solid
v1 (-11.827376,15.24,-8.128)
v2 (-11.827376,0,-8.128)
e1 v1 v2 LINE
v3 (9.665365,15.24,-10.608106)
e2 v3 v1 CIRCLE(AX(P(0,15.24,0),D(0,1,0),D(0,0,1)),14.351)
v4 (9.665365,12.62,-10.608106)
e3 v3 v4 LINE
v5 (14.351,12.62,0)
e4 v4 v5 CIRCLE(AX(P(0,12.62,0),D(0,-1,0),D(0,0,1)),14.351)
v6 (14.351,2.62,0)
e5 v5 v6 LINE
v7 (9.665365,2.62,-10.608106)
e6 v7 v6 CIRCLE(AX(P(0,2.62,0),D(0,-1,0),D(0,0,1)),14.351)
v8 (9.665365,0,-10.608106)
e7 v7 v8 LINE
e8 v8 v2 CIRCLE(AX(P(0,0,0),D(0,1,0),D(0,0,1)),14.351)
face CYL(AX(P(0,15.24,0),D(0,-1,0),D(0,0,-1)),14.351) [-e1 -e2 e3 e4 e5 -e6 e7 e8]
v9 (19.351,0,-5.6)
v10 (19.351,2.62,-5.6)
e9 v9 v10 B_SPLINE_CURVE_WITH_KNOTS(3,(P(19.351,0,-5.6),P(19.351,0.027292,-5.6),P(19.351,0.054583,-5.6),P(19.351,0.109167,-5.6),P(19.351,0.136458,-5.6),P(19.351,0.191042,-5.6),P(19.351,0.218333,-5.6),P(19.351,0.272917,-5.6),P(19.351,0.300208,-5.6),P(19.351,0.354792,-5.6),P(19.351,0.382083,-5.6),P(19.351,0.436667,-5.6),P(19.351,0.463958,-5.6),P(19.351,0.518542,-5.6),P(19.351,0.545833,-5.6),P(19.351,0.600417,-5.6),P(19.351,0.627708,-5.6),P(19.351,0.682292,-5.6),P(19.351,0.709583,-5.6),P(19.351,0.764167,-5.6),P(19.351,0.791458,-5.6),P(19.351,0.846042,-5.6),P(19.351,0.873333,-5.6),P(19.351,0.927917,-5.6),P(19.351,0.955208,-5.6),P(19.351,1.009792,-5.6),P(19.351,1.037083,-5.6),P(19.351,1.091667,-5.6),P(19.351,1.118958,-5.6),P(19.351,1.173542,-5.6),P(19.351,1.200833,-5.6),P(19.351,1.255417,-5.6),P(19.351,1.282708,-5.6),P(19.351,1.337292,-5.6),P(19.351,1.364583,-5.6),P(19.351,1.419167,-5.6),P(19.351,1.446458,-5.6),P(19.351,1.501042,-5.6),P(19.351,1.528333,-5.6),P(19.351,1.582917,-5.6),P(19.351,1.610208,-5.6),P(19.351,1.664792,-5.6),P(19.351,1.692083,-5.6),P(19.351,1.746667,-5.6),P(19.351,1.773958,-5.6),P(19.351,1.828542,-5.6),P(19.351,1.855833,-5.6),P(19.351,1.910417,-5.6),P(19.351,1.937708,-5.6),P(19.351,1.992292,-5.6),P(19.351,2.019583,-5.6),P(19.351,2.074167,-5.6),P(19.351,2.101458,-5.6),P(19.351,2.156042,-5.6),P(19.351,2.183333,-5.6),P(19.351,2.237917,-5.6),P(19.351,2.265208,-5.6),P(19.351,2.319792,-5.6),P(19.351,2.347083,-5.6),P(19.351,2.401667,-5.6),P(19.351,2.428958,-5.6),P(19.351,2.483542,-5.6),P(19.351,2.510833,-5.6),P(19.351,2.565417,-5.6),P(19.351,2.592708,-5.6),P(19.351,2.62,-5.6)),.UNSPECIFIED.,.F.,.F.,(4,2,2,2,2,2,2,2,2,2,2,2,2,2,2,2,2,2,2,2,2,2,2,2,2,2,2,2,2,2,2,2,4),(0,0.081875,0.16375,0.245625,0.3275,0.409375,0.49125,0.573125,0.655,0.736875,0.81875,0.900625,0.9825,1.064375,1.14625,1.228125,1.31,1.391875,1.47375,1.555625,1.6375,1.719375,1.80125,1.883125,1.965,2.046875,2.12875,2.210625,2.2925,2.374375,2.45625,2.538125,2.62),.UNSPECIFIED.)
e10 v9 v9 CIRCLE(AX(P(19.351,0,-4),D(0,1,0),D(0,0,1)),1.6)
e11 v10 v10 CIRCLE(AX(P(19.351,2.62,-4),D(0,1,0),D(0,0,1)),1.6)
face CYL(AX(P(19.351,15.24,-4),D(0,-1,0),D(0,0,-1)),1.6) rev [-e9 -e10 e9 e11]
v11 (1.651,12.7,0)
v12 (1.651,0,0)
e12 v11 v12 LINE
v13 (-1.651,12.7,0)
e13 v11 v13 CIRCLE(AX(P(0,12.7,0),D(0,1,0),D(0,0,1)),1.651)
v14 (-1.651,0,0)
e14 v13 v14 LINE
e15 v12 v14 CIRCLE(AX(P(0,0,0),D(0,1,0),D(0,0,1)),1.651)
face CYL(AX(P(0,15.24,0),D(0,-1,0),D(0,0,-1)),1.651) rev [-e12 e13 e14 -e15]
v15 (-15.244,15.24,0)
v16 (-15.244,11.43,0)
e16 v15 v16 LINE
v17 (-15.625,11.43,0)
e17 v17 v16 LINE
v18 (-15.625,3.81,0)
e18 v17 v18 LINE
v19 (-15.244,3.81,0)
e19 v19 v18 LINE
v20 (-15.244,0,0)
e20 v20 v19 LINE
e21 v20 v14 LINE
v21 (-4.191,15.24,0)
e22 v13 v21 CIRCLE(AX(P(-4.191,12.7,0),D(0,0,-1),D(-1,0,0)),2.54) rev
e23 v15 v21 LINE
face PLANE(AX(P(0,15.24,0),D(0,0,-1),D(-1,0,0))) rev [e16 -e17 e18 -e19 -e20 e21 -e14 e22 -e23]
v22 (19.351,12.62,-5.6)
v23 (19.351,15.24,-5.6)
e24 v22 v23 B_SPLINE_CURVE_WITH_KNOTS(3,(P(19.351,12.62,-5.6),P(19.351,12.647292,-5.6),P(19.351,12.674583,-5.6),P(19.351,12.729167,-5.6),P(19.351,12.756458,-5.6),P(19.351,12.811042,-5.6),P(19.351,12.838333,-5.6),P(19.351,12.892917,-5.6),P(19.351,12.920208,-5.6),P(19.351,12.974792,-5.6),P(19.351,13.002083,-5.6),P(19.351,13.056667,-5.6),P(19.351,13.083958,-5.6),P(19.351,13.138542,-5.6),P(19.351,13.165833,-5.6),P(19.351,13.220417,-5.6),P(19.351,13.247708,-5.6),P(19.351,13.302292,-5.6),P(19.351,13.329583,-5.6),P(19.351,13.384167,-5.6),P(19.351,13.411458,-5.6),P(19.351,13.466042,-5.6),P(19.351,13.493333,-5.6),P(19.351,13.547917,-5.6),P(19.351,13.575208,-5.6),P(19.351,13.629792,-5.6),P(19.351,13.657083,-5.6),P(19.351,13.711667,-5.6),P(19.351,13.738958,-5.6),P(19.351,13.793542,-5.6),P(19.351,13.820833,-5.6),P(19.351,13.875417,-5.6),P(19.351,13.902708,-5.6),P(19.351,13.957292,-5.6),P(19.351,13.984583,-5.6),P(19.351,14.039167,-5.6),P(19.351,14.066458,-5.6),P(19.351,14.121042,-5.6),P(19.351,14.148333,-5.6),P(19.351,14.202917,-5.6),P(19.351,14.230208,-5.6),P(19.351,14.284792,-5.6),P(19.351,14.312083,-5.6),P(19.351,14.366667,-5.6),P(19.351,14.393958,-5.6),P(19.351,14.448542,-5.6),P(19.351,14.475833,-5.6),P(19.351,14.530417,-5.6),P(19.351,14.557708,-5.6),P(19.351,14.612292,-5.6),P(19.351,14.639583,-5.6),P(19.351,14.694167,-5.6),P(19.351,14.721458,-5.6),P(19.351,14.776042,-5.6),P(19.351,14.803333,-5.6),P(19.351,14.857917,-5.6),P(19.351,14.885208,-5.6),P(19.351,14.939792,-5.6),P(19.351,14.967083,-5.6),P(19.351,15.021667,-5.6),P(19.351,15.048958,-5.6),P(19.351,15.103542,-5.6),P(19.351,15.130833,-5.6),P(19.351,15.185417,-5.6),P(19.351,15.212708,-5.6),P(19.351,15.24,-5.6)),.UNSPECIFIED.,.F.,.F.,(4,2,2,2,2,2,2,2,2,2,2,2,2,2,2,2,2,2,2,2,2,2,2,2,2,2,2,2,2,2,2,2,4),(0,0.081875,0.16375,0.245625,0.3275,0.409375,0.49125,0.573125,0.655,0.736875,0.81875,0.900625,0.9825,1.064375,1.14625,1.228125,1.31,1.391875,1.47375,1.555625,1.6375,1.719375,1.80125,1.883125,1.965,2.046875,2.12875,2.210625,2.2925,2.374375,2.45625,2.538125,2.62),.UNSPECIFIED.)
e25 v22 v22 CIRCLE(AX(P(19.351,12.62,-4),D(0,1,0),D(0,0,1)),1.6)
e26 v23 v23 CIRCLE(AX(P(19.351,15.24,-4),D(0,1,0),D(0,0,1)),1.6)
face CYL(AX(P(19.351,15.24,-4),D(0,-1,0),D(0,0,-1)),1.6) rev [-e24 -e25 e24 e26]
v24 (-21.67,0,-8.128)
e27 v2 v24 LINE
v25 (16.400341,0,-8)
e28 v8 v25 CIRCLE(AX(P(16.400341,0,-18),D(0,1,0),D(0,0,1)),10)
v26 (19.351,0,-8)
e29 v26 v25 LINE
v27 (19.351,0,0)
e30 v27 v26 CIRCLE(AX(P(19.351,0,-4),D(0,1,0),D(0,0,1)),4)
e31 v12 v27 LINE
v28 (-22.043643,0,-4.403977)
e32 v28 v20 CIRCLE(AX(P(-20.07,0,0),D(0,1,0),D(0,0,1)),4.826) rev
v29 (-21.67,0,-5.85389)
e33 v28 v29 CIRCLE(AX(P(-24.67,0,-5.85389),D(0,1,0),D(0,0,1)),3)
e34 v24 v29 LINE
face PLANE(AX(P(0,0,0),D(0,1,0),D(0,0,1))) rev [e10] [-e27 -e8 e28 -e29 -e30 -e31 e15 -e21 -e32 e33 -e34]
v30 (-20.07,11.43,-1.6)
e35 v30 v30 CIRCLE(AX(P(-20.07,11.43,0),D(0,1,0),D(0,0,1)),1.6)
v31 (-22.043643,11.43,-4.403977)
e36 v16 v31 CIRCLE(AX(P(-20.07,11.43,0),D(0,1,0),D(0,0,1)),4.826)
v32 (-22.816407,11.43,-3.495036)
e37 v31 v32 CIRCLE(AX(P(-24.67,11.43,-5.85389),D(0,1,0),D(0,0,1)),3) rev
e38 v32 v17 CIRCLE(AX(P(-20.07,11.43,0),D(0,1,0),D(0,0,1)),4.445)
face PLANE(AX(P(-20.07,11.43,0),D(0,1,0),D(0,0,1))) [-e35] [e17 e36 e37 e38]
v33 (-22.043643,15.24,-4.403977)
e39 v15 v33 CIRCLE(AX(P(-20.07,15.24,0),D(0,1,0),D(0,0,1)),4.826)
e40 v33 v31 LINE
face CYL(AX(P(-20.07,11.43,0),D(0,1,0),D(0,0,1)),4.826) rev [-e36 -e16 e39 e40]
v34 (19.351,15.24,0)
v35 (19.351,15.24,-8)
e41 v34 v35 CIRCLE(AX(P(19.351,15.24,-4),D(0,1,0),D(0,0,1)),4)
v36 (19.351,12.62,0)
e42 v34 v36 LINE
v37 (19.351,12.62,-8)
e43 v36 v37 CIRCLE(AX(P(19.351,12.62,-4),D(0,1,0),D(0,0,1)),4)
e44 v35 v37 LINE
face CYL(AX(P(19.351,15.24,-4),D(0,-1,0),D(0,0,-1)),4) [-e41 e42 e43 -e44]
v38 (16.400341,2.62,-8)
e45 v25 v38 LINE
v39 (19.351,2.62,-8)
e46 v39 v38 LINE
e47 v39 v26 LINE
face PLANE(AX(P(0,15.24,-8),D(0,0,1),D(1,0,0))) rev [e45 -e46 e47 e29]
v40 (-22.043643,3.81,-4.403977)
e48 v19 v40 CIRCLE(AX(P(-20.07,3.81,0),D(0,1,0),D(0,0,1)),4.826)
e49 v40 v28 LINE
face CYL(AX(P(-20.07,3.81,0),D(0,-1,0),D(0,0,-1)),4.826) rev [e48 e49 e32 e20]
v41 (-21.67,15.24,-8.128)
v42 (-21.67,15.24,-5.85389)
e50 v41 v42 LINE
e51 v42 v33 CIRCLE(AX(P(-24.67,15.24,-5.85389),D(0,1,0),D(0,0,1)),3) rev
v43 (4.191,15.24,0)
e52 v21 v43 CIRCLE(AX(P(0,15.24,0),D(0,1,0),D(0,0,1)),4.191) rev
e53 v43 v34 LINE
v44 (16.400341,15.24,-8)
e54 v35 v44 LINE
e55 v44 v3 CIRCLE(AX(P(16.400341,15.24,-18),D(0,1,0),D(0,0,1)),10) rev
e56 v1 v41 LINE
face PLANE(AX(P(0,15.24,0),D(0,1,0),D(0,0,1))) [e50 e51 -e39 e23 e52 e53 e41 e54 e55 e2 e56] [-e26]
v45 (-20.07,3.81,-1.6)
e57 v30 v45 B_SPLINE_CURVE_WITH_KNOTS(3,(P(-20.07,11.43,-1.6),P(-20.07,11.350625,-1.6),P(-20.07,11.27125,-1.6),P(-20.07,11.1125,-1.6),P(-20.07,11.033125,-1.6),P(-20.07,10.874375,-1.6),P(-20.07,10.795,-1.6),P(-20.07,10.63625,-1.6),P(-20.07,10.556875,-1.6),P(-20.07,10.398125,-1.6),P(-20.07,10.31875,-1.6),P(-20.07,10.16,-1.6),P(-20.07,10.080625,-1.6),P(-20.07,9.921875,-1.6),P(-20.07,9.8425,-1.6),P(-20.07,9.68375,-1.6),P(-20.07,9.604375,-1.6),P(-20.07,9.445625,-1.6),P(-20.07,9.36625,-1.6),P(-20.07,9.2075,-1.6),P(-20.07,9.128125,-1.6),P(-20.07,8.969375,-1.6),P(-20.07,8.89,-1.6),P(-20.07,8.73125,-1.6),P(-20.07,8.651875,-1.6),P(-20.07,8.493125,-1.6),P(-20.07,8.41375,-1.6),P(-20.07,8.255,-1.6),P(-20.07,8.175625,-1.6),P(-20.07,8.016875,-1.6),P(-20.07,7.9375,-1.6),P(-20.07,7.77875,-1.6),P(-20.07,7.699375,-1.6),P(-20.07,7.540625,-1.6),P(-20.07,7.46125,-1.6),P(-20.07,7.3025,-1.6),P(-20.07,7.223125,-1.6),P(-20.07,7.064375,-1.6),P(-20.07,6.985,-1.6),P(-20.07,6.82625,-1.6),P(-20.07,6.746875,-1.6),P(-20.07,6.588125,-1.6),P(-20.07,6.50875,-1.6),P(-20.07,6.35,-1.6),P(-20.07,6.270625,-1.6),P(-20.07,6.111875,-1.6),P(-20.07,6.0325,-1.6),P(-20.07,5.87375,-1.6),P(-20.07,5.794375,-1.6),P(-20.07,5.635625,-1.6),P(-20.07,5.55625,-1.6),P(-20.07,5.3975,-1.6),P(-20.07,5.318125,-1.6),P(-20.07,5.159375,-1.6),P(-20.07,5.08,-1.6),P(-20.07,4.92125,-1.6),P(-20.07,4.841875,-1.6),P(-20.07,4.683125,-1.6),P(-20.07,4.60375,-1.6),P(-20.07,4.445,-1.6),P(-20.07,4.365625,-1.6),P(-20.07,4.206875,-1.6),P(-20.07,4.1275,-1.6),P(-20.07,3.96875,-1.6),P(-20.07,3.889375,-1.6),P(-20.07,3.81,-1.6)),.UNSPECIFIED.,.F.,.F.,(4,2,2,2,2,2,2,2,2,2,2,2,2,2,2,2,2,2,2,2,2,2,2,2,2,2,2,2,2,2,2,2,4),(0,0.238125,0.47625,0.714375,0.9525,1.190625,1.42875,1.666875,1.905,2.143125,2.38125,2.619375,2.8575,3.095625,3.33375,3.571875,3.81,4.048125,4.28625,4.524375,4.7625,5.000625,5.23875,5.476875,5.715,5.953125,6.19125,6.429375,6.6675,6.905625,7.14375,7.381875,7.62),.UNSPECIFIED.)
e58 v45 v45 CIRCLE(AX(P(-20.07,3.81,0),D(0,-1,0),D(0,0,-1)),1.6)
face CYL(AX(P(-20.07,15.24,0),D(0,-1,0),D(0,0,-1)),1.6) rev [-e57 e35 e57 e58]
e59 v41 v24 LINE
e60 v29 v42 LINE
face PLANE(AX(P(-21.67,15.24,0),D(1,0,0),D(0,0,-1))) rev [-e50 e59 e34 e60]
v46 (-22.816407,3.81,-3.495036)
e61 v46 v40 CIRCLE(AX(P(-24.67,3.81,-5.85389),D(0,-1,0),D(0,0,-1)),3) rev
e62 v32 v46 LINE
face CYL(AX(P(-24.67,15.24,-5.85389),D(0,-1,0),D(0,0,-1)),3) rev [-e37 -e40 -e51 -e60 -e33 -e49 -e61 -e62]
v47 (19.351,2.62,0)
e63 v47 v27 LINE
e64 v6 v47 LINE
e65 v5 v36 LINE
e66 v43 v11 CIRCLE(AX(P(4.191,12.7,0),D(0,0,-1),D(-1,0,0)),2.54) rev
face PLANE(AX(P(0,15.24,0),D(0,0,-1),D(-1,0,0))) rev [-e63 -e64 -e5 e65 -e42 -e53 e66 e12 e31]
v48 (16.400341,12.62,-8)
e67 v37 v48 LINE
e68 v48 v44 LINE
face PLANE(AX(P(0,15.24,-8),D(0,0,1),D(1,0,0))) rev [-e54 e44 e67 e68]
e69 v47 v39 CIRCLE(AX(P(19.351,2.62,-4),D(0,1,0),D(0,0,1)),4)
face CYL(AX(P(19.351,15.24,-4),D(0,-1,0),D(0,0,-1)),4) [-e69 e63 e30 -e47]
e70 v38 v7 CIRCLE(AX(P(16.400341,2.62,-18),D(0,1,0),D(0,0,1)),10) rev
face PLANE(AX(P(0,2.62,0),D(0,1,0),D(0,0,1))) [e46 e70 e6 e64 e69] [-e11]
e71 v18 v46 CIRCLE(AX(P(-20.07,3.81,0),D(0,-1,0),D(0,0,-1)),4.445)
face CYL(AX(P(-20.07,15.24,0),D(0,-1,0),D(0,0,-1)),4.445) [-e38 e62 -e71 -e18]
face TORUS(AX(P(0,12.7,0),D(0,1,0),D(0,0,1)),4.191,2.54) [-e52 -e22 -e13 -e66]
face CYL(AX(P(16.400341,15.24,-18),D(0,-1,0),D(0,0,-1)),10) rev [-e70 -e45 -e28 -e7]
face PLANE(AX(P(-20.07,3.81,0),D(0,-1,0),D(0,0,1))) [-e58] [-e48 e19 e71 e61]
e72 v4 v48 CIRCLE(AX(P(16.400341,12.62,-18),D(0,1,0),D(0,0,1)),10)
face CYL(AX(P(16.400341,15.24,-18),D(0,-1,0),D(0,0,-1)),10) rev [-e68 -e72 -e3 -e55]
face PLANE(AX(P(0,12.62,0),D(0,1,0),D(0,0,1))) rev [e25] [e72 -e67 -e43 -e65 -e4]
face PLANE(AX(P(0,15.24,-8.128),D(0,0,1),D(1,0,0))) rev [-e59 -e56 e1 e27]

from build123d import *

# Parameters (mm, degrees)
SKETCH1_R               = 1.6000000000000016
SKETCH1_R_2             = 1.6000000000000019
BOSS_EXTRUDE1_DEPTH     = 15.239999999999998
SKETCH2_R               = 4.8260000000000005
CUT_EXTRUDE1_DEPTH      = 3.8099999999999996
FILLET2_R               = 2.54
FILLET3_R               = 3
CUT_EXTRUDE2_DEPTH      = 5
CUT_EXTRUDE2_DEPTH_BACK = 5
FILLET4_R               = 10


with BuildPart() as part:
    # Sketch1 → Boss-Extrude1 (new body)
    with BuildSketch(Plane(origin=(0, 0, 0), x_dir=(1, 0, 0), z_dir=(0, 1, 0))):
        with BuildLine():
            ThreePointArc((11.827375744432914, 8.128), (0, 14.350999999999997), (-11.827375744432915, 8.128))
            Line((-11.827375744432912, 8.128), (-21.67, 8.127999999999998))
            Line((-21.67, 8.127999999999998), (-21.67, 4.147050156436499))
            ThreePointArc((-21.67, 4.1470501564365), (-22.584560100693558, -3.665380266766329), (-15.625, 2.9e-16))
            Line((-15.625, 0), (-1.6509999999999998, 0))
            ThreePointArc((-1.651, -4.2e-16), (-3.8e-16, 1.6509999999999998), (1.6509999999999996, 0))
            Line((1.6509999999999998, 0), (14.350999999999999, -1.6e-16))
            Line((14.350999999999999, -1.6e-16), (19.351, 8.7e-16))
            ThreePointArc((19.351, 1.78e-15), (23.351, 4.000000000000002), (19.351, 8.000000000000002))
            Line((19.351, 8.000000000000002), (11.914327551314004, 8))
            ThreePointArc((11.914327551314003, 7.999999999999999), (11.871024170046155, 8.064117196208148), (11.82737574443291, 8.128))
        make_face()
        with Locations(Location((-20.07, 0, 0), (0, 0, 90))):
            Circle(SKETCH1_R, mode=Mode.SUBTRACT)
        with Locations(Location((19.351, 4.000000000000001, 0), (0, 0, 90))):
            Circle(SKETCH1_R_2, mode=Mode.SUBTRACT)
    extrude(amount=BOSS_EXTRUDE1_DEPTH)

    # Sketch2 → Cut-Extrude1 (cut, symmetric)
    with BuildSketch(Plane(origin=(0, 15.239999999999998, 0), x_dir=(1, 0, 0), z_dir=(0, 1, 0))):
        with Locations((-20.07, 0)):
            Circle(SKETCH2_R)
    cut_extrude1 = extrude(amount=CUT_EXTRUDE1_DEPTH, both=True, mode=Mode.SUBTRACT)

    # Fillet2
    fillet2_edges = [part.edges().sort_by_distance(p)[0] for p in [
        (-3.8e-16, 15.239999999999998, -1.6509999999999998),
    ]]
    fillet(fillet2_edges, radius=FILLET2_R)

    # Mirror1: Cut-Extrude1 across plane
    add(cut_extrude1.mirror(Plane.ZX.offset(7.619999999999999)), mode=Mode.SUBTRACT)

    # Fillet3
    fillet3_edges = [part.edges().sort_by_distance(p)[0] for p in [
        (-21.67, 7.619999999999999, -4.1470501564365),
    ]]
    fillet(fillet3_edges, radius=FILLET3_R)

    # Sketch3 → Cut-Extrude2 (cut, two sides: drawn at the far end of the back side and taken through both)
    with BuildSketch(Plane(origin=(0, 7.619999999999999, 0), x_dir=(1, 0, 0), z_dir=(0, 1, 0)).offset(-CUT_EXTRUDE2_DEPTH_BACK)):
        with BuildLine():
            Line((14.350999999999999, -1.6e-16), (19.351, 8.7e-16))
            ThreePointArc((19.351, 8.7e-16), (23.351, 4.000000000000001), (19.351, 8))
            Line((19.351, 8), (11.914327551314004, 8))
            ThreePointArc((11.914327551314004, 8), (13.728323198572127, 4.181428363077186), (14.350999999999999, -1.6e-16))
        make_face()
    extrude(amount=CUT_EXTRUDE2_DEPTH + CUT_EXTRUDE2_DEPTH_BACK, mode=Mode.SUBTRACT)

    # Fillet4
    fillet4_edges = [part.edges().sort_by_distance(p)[0] for p in [
        (11.914327551314003, 13.93, -8),
        (11.914327551314003, 1.3099999999999996, -8),
    ]]
    fillet(fillet4_edges, radius=FILLET4_R)


solid = part.part
